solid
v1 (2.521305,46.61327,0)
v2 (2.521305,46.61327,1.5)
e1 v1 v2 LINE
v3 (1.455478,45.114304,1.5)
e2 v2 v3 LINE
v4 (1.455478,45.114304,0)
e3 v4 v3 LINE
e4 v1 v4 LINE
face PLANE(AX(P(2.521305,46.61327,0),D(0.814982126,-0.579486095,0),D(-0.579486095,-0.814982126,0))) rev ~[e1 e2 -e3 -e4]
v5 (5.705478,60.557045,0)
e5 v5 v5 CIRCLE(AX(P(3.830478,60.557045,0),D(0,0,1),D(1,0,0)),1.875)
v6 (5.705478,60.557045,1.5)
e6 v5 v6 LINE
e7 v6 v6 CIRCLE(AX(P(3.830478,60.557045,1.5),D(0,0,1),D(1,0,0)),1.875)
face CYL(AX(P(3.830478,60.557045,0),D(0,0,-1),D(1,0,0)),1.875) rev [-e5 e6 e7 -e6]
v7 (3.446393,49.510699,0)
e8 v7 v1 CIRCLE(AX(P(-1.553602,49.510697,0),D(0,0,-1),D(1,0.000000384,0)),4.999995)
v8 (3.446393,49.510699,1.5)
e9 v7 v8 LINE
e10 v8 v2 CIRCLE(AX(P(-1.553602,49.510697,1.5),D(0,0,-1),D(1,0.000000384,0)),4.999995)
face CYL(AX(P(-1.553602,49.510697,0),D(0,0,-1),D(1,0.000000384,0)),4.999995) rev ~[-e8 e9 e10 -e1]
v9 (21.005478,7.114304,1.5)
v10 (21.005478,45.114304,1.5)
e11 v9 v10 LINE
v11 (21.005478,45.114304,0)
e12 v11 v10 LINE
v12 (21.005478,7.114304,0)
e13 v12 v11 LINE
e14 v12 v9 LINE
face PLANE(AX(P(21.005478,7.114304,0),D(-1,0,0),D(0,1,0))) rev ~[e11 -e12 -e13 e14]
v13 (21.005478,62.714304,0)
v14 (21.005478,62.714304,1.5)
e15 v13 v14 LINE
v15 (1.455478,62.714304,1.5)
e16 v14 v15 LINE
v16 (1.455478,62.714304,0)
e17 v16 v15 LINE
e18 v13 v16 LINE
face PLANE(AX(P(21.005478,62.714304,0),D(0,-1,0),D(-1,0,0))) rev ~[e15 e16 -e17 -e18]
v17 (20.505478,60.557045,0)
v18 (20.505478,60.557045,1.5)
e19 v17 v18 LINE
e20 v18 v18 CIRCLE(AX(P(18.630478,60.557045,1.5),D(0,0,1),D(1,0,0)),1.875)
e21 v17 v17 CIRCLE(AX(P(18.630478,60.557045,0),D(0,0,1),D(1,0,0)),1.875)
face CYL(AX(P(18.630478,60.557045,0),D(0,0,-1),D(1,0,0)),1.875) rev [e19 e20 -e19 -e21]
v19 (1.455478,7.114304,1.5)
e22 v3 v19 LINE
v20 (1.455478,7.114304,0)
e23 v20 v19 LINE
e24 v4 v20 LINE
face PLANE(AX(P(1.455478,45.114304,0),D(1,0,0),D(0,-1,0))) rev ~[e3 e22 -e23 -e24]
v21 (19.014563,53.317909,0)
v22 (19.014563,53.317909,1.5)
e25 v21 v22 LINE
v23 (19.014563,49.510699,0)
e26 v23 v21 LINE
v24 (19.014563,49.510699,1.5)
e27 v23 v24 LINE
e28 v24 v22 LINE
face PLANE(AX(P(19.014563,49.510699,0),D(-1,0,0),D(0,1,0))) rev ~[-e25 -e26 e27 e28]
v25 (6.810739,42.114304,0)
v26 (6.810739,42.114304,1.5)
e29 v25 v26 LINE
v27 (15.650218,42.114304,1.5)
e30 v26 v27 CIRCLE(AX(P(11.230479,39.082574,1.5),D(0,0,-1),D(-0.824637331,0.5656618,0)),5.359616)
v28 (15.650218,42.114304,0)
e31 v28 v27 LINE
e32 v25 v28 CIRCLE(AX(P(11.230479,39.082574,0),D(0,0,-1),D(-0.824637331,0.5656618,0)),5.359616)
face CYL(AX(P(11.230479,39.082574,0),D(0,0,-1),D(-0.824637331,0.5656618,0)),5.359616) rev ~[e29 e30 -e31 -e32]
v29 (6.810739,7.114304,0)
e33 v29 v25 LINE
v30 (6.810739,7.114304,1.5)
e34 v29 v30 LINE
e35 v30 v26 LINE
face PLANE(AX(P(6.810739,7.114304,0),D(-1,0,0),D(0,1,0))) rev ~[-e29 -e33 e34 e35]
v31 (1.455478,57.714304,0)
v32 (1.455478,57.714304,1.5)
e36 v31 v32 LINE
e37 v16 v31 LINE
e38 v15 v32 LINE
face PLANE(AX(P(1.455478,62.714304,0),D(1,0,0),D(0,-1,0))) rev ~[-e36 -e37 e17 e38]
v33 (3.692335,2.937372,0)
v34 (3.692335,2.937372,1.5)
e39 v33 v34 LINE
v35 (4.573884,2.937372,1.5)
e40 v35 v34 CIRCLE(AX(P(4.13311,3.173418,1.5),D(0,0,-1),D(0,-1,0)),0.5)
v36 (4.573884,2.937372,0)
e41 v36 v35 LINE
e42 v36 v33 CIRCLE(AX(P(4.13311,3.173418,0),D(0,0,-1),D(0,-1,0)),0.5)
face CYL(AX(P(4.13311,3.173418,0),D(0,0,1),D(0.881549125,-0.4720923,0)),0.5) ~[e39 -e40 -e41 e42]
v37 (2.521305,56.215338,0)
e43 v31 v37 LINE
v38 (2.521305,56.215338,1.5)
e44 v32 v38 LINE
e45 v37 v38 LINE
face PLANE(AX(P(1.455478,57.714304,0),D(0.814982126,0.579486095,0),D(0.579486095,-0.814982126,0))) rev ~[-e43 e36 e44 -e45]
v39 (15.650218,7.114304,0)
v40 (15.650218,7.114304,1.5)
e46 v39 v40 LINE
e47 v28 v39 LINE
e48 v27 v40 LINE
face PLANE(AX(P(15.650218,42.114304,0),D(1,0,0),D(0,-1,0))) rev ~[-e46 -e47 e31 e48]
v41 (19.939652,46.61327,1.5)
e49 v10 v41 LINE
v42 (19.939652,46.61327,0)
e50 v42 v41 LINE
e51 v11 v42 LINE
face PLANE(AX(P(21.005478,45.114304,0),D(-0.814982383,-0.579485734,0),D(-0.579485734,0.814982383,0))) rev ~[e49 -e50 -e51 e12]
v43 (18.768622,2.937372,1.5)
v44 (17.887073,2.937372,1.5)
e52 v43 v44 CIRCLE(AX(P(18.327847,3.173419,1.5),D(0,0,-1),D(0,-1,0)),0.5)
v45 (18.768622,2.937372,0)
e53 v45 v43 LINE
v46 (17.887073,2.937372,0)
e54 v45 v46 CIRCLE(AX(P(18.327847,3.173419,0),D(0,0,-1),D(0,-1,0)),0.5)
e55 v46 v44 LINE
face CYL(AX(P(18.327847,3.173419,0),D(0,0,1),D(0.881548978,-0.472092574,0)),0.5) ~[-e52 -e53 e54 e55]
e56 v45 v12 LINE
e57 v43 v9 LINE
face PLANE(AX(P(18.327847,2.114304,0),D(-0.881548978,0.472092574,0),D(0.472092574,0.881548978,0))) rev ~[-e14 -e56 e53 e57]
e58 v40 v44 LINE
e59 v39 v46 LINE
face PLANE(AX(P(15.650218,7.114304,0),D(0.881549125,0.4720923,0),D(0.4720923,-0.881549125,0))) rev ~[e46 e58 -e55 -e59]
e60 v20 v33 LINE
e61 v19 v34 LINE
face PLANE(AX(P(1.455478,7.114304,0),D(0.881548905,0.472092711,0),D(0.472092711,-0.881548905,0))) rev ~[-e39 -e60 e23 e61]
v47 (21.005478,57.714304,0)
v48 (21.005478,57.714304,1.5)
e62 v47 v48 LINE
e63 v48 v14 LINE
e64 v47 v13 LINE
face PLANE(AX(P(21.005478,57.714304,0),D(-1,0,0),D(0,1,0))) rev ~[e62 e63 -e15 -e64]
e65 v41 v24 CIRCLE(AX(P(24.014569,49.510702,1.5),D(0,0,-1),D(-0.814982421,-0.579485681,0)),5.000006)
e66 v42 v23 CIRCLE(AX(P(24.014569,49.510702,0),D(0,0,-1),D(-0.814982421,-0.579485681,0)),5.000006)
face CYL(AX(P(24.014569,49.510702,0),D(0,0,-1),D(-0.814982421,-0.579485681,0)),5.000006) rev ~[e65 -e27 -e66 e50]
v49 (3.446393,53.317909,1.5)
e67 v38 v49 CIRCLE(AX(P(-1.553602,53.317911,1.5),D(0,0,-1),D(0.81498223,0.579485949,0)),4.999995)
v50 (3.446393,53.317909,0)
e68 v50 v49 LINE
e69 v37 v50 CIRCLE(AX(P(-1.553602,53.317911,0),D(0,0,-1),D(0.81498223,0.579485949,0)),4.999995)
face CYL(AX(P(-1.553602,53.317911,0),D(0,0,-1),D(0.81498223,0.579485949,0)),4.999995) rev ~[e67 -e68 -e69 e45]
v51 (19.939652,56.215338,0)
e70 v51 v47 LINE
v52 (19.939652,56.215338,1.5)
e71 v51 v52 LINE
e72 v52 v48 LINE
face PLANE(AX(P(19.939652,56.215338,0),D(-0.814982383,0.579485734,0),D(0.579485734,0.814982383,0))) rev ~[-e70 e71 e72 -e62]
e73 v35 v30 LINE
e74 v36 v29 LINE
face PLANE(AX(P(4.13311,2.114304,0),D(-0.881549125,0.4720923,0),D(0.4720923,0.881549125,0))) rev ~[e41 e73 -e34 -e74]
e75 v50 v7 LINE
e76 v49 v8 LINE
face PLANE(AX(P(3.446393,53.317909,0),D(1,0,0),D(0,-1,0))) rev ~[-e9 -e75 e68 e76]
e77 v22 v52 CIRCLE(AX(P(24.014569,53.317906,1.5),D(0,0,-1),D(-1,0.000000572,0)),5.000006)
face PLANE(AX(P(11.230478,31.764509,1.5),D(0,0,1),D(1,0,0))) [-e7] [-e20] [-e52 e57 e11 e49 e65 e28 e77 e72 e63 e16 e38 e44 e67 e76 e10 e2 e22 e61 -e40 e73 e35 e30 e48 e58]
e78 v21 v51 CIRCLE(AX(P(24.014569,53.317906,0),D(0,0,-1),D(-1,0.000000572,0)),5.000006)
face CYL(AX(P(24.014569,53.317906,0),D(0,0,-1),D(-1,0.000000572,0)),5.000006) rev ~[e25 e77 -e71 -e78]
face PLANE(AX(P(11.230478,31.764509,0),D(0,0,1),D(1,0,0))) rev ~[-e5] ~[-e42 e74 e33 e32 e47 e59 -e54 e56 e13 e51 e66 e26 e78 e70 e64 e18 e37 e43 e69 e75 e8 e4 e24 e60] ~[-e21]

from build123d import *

# Parameters (mm, degrees)
F0_R     = 1.875
F1_DEPTH = 1.5
F2_R     = 0.5


with BuildPart() as f1:
    # F0 (on Top) → F1 (new body)
    with BuildSketch(Plane.XY):
        with BuildLine():
            Line((18.327847, 2.114304), (21.005478, 7.114304))
            Line((21.005478, 7.114304), (21.005478, 42.114304))
            Line((21.005478, 42.114304), (21.005478, 45.114304))
            Line((21.005478, 45.114304), (19.939652, 46.61327))
            ThreePointArc((19.939652, 46.61327), (19.251447, 47.989936), (19.014563, 49.510699))
            Line((19.014563, 49.510699), (19.014563, 53.317909))
            ThreePointArc((19.014563, 53.317909), (19.251447, 54.838672), (19.939652, 56.215338))
            Line((19.939652, 56.215338), (21.005478, 57.714304))
            Line((21.005478, 57.714304), (21.005478, 62.714304))
            Line((21.005478, 62.714304), (1.455478, 62.714304))
            Line((1.455478, 62.714304), (1.455478, 57.714304))
            Line((1.455478, 57.714304), (2.521305, 56.215338))
            ThreePointArc((2.521305, 56.215338), (3.20951, 54.838672), (3.446393, 53.317909))
            Line((3.446393, 53.317909), (3.446393, 49.510699))
            ThreePointArc((3.446393, 49.510699), (3.20951, 47.989936), (2.521305, 46.61327))
            Line((2.521305, 46.61327), (1.455478, 45.114304))
            Line((1.455478, 45.114304), (1.455478, 42.114304))
            Line((1.455478, 42.114304), (1.455478, 7.114304))
            Line((1.455478, 7.114304), (4.13311, 2.114304))
            Line((4.13311, 2.114304), (6.810739, 7.114304))
            Line((6.810739, 7.114304), (6.810739, 42.114304))
            ThreePointArc((6.810739, 42.114304), (11.230478, 44.44219), (15.650218, 42.114304))
            Line((15.650218, 42.114304), (15.650218, 7.114304))
            Line((15.650218, 7.114304), (18.327847, 2.114304))
        make_face()
        with Locations((3.830478, 60.557045)):
            Circle(F0_R, mode=Mode.SUBTRACT)
        with Locations((18.630478, 60.557045)):
            Circle(F0_R, mode=Mode.SUBTRACT)
    extrude(amount=F1_DEPTH)

    # F2
    f2_edges = [f1.edges().sort_by_distance(p)[0] for p in [
        (18.327847, 2.114304, 0.75),
        (4.13311, 2.114304, 0.75),
    ]]
    fillet(f2_edges, radius=F2_R)


solid = f1.part
